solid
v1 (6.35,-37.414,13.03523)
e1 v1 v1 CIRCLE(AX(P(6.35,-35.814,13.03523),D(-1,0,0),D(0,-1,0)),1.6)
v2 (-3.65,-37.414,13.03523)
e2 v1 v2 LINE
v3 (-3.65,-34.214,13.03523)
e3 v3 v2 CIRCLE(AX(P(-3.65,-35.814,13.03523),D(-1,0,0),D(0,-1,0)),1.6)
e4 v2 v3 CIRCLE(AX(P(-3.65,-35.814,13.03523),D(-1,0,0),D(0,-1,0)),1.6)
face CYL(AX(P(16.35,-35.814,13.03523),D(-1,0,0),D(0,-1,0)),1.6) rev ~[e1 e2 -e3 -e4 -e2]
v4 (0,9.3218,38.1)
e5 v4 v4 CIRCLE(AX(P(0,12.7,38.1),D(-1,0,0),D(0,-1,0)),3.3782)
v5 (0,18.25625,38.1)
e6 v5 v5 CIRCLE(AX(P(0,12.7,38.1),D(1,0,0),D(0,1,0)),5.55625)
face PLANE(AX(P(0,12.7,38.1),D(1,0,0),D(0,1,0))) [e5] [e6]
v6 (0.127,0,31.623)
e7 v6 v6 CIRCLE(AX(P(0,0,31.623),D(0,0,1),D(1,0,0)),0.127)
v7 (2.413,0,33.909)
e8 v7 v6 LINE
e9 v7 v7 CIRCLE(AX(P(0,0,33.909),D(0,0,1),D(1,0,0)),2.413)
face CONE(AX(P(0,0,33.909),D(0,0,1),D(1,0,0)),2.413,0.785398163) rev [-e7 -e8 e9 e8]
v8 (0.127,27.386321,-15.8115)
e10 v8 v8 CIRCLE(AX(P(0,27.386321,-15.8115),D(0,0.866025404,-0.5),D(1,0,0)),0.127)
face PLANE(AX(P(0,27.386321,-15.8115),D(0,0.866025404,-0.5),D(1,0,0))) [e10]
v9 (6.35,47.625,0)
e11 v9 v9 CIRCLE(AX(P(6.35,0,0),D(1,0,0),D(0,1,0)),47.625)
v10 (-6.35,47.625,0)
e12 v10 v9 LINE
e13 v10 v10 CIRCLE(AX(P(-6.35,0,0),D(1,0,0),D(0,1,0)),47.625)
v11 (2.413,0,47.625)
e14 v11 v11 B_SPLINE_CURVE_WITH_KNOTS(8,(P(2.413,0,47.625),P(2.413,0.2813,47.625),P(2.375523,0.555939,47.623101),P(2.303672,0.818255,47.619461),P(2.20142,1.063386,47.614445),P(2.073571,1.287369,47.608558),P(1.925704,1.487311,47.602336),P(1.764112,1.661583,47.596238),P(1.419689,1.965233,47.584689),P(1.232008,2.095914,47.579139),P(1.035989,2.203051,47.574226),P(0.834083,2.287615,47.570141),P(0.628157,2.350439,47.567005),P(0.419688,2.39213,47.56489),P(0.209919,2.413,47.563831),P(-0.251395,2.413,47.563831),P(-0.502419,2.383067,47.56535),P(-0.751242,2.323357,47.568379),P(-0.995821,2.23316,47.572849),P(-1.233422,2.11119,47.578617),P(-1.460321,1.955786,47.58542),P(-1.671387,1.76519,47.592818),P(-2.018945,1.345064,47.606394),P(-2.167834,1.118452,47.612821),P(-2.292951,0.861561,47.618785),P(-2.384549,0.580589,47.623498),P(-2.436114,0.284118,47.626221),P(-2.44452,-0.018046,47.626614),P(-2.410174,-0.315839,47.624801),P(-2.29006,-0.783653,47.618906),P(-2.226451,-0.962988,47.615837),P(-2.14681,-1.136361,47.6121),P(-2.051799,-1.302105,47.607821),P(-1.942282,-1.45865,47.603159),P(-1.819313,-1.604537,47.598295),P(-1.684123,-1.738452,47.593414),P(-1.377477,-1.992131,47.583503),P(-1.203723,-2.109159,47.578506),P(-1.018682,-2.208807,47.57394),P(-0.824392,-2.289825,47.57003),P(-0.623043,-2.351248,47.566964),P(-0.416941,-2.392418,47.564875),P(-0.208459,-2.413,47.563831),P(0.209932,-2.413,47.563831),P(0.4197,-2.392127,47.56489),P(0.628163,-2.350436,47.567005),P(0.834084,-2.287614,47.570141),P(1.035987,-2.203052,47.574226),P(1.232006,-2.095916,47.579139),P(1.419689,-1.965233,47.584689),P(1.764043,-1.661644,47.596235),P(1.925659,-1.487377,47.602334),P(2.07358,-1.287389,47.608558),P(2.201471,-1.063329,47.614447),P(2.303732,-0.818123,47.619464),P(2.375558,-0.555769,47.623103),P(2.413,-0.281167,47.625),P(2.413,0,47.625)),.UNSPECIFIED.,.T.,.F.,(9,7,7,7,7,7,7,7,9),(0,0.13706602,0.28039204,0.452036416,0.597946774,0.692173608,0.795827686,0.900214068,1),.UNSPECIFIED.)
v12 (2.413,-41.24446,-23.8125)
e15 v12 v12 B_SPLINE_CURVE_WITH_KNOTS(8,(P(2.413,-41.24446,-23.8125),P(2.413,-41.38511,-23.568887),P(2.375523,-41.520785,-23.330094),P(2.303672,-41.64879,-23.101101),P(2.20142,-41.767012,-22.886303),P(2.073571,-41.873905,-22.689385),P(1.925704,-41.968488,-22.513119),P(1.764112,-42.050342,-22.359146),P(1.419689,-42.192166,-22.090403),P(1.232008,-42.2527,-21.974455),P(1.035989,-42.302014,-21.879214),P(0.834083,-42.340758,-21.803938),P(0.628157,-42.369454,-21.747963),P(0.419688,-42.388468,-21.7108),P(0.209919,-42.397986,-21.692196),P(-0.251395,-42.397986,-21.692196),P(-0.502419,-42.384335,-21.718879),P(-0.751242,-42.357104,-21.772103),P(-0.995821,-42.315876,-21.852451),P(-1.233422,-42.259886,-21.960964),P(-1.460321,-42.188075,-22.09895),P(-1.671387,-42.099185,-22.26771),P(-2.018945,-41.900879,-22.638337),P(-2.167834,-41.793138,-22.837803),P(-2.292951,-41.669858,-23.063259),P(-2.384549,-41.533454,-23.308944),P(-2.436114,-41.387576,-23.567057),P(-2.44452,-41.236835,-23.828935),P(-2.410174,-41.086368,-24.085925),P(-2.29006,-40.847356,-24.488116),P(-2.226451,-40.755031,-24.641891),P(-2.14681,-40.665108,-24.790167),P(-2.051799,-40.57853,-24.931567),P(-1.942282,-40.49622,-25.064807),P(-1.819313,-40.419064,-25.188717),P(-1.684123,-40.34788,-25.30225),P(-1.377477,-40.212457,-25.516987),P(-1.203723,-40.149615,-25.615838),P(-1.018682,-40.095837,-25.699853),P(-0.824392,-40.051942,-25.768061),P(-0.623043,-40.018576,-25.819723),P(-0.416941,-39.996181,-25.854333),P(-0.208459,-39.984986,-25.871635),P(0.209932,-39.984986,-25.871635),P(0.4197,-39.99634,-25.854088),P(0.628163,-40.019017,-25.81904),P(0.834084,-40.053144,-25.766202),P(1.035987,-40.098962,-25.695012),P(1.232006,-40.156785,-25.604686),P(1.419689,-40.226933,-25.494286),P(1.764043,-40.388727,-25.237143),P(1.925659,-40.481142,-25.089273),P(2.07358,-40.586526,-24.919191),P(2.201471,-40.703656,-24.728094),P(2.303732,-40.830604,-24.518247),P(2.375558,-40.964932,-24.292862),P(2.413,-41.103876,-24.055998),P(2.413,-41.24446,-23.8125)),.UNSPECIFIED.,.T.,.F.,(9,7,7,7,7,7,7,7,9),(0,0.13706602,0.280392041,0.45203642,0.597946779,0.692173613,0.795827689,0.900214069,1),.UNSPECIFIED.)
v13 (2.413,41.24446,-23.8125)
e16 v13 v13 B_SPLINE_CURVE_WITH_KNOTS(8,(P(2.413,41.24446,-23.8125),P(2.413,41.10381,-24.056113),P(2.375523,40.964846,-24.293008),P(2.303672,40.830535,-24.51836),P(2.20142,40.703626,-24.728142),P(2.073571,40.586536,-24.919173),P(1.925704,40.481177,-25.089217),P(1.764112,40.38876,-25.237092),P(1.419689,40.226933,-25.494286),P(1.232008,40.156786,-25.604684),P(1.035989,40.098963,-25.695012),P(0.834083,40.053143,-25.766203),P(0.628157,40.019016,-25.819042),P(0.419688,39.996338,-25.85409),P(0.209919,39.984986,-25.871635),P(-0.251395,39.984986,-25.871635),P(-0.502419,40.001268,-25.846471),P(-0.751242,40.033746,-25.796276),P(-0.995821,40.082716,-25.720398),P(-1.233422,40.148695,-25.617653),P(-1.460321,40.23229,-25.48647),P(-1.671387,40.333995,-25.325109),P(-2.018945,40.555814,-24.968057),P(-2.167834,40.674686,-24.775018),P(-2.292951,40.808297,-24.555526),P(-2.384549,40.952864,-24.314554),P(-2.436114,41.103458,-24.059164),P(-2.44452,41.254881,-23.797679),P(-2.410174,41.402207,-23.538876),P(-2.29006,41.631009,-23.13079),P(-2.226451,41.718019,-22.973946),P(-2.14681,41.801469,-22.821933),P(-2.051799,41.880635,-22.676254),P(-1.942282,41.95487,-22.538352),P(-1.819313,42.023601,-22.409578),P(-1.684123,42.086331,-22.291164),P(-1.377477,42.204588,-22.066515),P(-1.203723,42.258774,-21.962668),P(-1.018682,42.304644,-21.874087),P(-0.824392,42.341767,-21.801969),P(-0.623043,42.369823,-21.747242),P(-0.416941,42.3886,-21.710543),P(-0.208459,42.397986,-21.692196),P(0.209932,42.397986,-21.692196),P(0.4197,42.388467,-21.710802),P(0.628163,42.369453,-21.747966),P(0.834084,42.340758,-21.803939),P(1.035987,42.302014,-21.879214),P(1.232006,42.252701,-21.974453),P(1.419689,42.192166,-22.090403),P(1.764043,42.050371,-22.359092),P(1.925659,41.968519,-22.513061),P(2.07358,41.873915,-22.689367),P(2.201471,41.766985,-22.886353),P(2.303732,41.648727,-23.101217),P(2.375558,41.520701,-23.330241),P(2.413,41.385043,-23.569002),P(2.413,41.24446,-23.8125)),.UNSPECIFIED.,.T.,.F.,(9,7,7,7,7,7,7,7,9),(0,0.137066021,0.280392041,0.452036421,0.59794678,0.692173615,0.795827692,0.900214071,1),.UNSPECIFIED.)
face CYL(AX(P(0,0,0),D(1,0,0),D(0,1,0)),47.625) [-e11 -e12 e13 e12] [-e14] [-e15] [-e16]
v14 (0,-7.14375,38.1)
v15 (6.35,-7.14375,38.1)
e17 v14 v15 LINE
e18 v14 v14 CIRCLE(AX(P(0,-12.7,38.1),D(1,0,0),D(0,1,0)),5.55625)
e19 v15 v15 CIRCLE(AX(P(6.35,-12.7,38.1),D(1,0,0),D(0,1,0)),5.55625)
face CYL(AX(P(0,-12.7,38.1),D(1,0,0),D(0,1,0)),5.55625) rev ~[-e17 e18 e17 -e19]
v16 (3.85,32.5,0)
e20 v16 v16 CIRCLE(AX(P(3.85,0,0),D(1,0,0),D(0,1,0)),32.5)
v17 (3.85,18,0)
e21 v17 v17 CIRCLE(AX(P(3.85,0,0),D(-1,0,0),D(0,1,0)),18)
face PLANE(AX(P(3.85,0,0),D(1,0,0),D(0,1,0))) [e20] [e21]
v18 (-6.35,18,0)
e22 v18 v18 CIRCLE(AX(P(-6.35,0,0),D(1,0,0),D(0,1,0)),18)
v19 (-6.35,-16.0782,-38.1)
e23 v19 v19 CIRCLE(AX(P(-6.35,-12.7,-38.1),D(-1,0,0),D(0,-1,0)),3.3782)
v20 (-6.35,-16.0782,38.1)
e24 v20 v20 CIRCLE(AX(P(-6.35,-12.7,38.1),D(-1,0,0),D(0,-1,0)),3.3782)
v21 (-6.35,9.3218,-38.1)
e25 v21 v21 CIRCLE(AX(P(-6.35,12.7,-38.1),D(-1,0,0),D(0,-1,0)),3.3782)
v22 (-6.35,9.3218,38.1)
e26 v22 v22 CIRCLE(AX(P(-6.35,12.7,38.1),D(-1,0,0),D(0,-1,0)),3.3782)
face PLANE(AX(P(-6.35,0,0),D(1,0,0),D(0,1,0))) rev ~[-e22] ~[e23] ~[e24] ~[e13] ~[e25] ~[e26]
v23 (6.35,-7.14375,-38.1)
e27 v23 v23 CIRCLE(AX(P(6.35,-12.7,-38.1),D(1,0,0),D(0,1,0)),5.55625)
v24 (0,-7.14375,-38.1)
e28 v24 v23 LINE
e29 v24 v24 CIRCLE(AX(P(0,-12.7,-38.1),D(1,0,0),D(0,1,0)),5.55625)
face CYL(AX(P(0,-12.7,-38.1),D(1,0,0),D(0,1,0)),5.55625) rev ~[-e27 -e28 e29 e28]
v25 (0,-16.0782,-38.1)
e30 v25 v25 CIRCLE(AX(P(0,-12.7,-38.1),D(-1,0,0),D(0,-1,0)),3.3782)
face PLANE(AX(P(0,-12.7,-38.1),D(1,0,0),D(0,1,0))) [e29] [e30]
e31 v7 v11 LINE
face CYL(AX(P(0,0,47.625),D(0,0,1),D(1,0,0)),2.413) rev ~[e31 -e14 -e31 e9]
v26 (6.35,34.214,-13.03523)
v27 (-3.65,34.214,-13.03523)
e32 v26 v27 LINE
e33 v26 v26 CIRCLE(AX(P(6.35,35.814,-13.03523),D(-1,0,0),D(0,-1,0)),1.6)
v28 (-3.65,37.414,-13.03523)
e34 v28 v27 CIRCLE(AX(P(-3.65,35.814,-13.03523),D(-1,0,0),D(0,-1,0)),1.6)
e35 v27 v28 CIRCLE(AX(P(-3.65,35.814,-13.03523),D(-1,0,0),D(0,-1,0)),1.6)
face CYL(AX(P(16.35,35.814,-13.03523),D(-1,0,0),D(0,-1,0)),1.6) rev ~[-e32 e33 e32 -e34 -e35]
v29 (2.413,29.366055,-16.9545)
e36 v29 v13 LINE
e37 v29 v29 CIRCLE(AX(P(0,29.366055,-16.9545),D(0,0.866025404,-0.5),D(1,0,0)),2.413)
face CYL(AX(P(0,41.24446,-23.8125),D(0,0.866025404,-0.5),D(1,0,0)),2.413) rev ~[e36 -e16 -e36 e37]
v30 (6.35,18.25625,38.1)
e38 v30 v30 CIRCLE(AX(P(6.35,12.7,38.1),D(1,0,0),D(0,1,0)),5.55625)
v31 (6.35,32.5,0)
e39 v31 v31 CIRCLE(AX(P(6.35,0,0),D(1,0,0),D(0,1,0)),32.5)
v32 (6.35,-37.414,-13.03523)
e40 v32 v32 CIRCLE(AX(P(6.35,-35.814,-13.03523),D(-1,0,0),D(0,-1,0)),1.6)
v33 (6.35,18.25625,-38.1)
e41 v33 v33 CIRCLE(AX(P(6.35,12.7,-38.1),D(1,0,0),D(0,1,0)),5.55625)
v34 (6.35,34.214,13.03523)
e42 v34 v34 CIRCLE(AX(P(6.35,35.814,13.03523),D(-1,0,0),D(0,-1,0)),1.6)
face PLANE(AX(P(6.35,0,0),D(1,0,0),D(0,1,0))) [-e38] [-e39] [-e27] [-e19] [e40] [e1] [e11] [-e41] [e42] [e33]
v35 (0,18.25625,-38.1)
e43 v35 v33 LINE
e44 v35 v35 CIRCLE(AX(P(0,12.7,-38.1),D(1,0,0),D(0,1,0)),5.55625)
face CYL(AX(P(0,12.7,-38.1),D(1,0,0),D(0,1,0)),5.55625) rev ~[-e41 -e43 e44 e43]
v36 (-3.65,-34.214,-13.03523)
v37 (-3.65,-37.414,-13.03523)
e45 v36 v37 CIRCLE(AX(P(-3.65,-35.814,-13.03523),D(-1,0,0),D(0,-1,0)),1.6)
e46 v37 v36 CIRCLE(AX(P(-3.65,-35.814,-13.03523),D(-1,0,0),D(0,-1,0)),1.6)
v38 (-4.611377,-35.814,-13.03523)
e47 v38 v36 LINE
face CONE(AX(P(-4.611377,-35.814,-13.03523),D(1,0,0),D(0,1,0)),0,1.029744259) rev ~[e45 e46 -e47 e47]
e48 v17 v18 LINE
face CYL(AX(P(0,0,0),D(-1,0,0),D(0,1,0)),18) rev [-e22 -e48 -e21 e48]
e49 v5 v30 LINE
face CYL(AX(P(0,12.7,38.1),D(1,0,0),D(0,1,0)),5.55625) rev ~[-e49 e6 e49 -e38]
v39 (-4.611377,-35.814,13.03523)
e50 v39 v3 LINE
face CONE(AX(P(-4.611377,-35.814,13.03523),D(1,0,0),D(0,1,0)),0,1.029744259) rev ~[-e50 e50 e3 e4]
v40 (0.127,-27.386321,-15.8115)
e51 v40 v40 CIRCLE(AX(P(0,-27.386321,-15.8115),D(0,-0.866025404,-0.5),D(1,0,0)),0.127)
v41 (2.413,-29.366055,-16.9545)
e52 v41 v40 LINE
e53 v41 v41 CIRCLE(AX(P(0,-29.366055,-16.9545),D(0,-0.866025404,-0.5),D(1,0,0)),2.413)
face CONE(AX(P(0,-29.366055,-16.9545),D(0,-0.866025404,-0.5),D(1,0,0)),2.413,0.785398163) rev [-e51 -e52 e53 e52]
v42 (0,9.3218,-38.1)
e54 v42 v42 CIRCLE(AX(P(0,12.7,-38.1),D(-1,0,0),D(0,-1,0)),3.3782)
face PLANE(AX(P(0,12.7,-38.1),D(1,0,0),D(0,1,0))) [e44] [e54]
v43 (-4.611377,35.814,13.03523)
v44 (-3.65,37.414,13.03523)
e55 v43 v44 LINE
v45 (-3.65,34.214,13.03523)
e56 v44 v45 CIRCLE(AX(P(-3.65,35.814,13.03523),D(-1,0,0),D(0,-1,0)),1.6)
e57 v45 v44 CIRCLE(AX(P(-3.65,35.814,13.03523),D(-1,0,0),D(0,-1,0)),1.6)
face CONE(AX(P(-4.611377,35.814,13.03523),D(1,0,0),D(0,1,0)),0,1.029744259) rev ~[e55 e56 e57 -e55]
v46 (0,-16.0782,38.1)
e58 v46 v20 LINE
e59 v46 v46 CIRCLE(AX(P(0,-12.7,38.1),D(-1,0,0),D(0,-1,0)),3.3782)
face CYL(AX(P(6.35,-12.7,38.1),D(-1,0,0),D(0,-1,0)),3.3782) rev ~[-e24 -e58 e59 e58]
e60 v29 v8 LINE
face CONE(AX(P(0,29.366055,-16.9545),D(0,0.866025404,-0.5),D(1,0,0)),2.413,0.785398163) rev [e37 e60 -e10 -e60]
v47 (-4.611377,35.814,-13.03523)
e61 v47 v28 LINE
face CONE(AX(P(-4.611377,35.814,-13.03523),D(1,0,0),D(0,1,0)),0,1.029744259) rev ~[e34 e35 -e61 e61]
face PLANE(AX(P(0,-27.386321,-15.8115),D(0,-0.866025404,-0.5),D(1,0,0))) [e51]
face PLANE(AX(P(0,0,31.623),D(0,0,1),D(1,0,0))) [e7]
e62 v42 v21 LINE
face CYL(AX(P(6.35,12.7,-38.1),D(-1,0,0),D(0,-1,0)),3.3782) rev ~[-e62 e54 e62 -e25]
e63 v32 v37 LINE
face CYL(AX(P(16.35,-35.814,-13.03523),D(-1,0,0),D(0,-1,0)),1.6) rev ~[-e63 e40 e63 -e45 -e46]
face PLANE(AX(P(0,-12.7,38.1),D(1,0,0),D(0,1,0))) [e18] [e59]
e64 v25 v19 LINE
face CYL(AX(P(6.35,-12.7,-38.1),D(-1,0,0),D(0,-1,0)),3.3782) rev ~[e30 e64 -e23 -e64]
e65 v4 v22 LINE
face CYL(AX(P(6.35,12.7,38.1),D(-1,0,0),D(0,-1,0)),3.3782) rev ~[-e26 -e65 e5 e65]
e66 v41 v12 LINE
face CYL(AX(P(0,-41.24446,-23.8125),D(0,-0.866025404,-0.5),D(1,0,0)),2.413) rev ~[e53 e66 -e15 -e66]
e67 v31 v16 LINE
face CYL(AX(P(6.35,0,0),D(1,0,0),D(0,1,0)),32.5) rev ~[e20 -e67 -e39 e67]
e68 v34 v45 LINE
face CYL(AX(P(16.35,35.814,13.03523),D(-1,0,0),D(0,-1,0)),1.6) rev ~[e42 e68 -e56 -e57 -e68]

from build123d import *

# Parameters (mm, degrees)
F0_R           = 47.625
F0_R_2         = 18
F1_DEPTH       = 6.35
F2_R           = 32.5
F3_DEPTH       = 2.5
F5_D           = 3.2
F5_DEPTH       = 10
F5_TIP         = 0.9613769904
F7_D           = 6.7564
F7_CBORE_D     = 11.1125
F7_CBORE_DEPTH = 6.35
F9_R           = 2.413
F10_DEPTH      = 16.002
F11_SIZE       = 2.286
F13_COUNT      = 3
F13_ANGLE      = 240


with BuildPart() as f1:
    # F0 (on Right) → F1 (new body, symmetric)
    with BuildSketch(Plane.YZ):
        Circle(F0_R)
        Circle(F0_R_2, mode=Mode.SUBTRACT)
    extrude(amount=F1_DEPTH, both=True)

    # F2 (on face) → F3 (cut)
    with BuildSketch(Plane.YZ.offset(6.35)):
        Circle(F2_R)
    extrude(amount=-F3_DEPTH, mode=Mode.SUBTRACT)

    # F5
    with Locations(Plane.YZ.offset(6.35)):
        with Locations((-35.814, 13.03522997), (35.814, 13.03522997), (35.814, -13.03522997), (-35.814, -13.03522997)):
            Hole(F5_D / 2, depth=F5_DEPTH)
            with Locations((0, 0, -(F5_DEPTH + F5_TIP / 2))):  # 118° drill point
                Cone(0, F5_D / 2, F5_TIP, mode=Mode.SUBTRACT)

    # F7 (through all)
    with Locations(Plane.YZ.offset(6.35)):
        with Locations((-12.7, 38.1), (12.7, 38.1), (-12.7, -38.1), (12.7, -38.1)):
            CounterBoreHole(F7_D / 2, F7_CBORE_D / 2, F7_CBORE_DEPTH)


with BuildPart() as f10:
    # F9 (on offset) → F10 (new body, symmetric)
    with BuildSketch(Plane.XY.offset(47.625)):
        Circle(F9_R)
    extrude(amount=F10_DEPTH, both=True)

    # F11
    f11_edges = [f10.edges().sort_by_distance(p)[0] for p in [
        (-2.413, 0, 31.623),
    ]]
    chamfer(f11_edges, length=F11_SIZE)


with BuildPart() as f13_1:
    # F13: instance of F10
    add(f10.part.rotate(Axis((0.1950263977, 0, 0), (1, 0, 0)), 1 * F13_ANGLE / (F13_COUNT - 1)))


with BuildPart() as f13_2:
    # F13: instance of F10
    add(f10.part.rotate(Axis((0.1950263977, 0, 0), (1, 0, 0)), 2 * F13_ANGLE / (F13_COUNT - 1)))


with BuildPart() as f1_1:
    add(f1.part)

    # F14: cut F10, F13_1, F13_2
    add(f10.part, mode=Mode.SUBTRACT)
    add(f13_1.part, mode=Mode.SUBTRACT)
    add(f13_2.part, mode=Mode.SUBTRACT)


solid = f1_1.part
